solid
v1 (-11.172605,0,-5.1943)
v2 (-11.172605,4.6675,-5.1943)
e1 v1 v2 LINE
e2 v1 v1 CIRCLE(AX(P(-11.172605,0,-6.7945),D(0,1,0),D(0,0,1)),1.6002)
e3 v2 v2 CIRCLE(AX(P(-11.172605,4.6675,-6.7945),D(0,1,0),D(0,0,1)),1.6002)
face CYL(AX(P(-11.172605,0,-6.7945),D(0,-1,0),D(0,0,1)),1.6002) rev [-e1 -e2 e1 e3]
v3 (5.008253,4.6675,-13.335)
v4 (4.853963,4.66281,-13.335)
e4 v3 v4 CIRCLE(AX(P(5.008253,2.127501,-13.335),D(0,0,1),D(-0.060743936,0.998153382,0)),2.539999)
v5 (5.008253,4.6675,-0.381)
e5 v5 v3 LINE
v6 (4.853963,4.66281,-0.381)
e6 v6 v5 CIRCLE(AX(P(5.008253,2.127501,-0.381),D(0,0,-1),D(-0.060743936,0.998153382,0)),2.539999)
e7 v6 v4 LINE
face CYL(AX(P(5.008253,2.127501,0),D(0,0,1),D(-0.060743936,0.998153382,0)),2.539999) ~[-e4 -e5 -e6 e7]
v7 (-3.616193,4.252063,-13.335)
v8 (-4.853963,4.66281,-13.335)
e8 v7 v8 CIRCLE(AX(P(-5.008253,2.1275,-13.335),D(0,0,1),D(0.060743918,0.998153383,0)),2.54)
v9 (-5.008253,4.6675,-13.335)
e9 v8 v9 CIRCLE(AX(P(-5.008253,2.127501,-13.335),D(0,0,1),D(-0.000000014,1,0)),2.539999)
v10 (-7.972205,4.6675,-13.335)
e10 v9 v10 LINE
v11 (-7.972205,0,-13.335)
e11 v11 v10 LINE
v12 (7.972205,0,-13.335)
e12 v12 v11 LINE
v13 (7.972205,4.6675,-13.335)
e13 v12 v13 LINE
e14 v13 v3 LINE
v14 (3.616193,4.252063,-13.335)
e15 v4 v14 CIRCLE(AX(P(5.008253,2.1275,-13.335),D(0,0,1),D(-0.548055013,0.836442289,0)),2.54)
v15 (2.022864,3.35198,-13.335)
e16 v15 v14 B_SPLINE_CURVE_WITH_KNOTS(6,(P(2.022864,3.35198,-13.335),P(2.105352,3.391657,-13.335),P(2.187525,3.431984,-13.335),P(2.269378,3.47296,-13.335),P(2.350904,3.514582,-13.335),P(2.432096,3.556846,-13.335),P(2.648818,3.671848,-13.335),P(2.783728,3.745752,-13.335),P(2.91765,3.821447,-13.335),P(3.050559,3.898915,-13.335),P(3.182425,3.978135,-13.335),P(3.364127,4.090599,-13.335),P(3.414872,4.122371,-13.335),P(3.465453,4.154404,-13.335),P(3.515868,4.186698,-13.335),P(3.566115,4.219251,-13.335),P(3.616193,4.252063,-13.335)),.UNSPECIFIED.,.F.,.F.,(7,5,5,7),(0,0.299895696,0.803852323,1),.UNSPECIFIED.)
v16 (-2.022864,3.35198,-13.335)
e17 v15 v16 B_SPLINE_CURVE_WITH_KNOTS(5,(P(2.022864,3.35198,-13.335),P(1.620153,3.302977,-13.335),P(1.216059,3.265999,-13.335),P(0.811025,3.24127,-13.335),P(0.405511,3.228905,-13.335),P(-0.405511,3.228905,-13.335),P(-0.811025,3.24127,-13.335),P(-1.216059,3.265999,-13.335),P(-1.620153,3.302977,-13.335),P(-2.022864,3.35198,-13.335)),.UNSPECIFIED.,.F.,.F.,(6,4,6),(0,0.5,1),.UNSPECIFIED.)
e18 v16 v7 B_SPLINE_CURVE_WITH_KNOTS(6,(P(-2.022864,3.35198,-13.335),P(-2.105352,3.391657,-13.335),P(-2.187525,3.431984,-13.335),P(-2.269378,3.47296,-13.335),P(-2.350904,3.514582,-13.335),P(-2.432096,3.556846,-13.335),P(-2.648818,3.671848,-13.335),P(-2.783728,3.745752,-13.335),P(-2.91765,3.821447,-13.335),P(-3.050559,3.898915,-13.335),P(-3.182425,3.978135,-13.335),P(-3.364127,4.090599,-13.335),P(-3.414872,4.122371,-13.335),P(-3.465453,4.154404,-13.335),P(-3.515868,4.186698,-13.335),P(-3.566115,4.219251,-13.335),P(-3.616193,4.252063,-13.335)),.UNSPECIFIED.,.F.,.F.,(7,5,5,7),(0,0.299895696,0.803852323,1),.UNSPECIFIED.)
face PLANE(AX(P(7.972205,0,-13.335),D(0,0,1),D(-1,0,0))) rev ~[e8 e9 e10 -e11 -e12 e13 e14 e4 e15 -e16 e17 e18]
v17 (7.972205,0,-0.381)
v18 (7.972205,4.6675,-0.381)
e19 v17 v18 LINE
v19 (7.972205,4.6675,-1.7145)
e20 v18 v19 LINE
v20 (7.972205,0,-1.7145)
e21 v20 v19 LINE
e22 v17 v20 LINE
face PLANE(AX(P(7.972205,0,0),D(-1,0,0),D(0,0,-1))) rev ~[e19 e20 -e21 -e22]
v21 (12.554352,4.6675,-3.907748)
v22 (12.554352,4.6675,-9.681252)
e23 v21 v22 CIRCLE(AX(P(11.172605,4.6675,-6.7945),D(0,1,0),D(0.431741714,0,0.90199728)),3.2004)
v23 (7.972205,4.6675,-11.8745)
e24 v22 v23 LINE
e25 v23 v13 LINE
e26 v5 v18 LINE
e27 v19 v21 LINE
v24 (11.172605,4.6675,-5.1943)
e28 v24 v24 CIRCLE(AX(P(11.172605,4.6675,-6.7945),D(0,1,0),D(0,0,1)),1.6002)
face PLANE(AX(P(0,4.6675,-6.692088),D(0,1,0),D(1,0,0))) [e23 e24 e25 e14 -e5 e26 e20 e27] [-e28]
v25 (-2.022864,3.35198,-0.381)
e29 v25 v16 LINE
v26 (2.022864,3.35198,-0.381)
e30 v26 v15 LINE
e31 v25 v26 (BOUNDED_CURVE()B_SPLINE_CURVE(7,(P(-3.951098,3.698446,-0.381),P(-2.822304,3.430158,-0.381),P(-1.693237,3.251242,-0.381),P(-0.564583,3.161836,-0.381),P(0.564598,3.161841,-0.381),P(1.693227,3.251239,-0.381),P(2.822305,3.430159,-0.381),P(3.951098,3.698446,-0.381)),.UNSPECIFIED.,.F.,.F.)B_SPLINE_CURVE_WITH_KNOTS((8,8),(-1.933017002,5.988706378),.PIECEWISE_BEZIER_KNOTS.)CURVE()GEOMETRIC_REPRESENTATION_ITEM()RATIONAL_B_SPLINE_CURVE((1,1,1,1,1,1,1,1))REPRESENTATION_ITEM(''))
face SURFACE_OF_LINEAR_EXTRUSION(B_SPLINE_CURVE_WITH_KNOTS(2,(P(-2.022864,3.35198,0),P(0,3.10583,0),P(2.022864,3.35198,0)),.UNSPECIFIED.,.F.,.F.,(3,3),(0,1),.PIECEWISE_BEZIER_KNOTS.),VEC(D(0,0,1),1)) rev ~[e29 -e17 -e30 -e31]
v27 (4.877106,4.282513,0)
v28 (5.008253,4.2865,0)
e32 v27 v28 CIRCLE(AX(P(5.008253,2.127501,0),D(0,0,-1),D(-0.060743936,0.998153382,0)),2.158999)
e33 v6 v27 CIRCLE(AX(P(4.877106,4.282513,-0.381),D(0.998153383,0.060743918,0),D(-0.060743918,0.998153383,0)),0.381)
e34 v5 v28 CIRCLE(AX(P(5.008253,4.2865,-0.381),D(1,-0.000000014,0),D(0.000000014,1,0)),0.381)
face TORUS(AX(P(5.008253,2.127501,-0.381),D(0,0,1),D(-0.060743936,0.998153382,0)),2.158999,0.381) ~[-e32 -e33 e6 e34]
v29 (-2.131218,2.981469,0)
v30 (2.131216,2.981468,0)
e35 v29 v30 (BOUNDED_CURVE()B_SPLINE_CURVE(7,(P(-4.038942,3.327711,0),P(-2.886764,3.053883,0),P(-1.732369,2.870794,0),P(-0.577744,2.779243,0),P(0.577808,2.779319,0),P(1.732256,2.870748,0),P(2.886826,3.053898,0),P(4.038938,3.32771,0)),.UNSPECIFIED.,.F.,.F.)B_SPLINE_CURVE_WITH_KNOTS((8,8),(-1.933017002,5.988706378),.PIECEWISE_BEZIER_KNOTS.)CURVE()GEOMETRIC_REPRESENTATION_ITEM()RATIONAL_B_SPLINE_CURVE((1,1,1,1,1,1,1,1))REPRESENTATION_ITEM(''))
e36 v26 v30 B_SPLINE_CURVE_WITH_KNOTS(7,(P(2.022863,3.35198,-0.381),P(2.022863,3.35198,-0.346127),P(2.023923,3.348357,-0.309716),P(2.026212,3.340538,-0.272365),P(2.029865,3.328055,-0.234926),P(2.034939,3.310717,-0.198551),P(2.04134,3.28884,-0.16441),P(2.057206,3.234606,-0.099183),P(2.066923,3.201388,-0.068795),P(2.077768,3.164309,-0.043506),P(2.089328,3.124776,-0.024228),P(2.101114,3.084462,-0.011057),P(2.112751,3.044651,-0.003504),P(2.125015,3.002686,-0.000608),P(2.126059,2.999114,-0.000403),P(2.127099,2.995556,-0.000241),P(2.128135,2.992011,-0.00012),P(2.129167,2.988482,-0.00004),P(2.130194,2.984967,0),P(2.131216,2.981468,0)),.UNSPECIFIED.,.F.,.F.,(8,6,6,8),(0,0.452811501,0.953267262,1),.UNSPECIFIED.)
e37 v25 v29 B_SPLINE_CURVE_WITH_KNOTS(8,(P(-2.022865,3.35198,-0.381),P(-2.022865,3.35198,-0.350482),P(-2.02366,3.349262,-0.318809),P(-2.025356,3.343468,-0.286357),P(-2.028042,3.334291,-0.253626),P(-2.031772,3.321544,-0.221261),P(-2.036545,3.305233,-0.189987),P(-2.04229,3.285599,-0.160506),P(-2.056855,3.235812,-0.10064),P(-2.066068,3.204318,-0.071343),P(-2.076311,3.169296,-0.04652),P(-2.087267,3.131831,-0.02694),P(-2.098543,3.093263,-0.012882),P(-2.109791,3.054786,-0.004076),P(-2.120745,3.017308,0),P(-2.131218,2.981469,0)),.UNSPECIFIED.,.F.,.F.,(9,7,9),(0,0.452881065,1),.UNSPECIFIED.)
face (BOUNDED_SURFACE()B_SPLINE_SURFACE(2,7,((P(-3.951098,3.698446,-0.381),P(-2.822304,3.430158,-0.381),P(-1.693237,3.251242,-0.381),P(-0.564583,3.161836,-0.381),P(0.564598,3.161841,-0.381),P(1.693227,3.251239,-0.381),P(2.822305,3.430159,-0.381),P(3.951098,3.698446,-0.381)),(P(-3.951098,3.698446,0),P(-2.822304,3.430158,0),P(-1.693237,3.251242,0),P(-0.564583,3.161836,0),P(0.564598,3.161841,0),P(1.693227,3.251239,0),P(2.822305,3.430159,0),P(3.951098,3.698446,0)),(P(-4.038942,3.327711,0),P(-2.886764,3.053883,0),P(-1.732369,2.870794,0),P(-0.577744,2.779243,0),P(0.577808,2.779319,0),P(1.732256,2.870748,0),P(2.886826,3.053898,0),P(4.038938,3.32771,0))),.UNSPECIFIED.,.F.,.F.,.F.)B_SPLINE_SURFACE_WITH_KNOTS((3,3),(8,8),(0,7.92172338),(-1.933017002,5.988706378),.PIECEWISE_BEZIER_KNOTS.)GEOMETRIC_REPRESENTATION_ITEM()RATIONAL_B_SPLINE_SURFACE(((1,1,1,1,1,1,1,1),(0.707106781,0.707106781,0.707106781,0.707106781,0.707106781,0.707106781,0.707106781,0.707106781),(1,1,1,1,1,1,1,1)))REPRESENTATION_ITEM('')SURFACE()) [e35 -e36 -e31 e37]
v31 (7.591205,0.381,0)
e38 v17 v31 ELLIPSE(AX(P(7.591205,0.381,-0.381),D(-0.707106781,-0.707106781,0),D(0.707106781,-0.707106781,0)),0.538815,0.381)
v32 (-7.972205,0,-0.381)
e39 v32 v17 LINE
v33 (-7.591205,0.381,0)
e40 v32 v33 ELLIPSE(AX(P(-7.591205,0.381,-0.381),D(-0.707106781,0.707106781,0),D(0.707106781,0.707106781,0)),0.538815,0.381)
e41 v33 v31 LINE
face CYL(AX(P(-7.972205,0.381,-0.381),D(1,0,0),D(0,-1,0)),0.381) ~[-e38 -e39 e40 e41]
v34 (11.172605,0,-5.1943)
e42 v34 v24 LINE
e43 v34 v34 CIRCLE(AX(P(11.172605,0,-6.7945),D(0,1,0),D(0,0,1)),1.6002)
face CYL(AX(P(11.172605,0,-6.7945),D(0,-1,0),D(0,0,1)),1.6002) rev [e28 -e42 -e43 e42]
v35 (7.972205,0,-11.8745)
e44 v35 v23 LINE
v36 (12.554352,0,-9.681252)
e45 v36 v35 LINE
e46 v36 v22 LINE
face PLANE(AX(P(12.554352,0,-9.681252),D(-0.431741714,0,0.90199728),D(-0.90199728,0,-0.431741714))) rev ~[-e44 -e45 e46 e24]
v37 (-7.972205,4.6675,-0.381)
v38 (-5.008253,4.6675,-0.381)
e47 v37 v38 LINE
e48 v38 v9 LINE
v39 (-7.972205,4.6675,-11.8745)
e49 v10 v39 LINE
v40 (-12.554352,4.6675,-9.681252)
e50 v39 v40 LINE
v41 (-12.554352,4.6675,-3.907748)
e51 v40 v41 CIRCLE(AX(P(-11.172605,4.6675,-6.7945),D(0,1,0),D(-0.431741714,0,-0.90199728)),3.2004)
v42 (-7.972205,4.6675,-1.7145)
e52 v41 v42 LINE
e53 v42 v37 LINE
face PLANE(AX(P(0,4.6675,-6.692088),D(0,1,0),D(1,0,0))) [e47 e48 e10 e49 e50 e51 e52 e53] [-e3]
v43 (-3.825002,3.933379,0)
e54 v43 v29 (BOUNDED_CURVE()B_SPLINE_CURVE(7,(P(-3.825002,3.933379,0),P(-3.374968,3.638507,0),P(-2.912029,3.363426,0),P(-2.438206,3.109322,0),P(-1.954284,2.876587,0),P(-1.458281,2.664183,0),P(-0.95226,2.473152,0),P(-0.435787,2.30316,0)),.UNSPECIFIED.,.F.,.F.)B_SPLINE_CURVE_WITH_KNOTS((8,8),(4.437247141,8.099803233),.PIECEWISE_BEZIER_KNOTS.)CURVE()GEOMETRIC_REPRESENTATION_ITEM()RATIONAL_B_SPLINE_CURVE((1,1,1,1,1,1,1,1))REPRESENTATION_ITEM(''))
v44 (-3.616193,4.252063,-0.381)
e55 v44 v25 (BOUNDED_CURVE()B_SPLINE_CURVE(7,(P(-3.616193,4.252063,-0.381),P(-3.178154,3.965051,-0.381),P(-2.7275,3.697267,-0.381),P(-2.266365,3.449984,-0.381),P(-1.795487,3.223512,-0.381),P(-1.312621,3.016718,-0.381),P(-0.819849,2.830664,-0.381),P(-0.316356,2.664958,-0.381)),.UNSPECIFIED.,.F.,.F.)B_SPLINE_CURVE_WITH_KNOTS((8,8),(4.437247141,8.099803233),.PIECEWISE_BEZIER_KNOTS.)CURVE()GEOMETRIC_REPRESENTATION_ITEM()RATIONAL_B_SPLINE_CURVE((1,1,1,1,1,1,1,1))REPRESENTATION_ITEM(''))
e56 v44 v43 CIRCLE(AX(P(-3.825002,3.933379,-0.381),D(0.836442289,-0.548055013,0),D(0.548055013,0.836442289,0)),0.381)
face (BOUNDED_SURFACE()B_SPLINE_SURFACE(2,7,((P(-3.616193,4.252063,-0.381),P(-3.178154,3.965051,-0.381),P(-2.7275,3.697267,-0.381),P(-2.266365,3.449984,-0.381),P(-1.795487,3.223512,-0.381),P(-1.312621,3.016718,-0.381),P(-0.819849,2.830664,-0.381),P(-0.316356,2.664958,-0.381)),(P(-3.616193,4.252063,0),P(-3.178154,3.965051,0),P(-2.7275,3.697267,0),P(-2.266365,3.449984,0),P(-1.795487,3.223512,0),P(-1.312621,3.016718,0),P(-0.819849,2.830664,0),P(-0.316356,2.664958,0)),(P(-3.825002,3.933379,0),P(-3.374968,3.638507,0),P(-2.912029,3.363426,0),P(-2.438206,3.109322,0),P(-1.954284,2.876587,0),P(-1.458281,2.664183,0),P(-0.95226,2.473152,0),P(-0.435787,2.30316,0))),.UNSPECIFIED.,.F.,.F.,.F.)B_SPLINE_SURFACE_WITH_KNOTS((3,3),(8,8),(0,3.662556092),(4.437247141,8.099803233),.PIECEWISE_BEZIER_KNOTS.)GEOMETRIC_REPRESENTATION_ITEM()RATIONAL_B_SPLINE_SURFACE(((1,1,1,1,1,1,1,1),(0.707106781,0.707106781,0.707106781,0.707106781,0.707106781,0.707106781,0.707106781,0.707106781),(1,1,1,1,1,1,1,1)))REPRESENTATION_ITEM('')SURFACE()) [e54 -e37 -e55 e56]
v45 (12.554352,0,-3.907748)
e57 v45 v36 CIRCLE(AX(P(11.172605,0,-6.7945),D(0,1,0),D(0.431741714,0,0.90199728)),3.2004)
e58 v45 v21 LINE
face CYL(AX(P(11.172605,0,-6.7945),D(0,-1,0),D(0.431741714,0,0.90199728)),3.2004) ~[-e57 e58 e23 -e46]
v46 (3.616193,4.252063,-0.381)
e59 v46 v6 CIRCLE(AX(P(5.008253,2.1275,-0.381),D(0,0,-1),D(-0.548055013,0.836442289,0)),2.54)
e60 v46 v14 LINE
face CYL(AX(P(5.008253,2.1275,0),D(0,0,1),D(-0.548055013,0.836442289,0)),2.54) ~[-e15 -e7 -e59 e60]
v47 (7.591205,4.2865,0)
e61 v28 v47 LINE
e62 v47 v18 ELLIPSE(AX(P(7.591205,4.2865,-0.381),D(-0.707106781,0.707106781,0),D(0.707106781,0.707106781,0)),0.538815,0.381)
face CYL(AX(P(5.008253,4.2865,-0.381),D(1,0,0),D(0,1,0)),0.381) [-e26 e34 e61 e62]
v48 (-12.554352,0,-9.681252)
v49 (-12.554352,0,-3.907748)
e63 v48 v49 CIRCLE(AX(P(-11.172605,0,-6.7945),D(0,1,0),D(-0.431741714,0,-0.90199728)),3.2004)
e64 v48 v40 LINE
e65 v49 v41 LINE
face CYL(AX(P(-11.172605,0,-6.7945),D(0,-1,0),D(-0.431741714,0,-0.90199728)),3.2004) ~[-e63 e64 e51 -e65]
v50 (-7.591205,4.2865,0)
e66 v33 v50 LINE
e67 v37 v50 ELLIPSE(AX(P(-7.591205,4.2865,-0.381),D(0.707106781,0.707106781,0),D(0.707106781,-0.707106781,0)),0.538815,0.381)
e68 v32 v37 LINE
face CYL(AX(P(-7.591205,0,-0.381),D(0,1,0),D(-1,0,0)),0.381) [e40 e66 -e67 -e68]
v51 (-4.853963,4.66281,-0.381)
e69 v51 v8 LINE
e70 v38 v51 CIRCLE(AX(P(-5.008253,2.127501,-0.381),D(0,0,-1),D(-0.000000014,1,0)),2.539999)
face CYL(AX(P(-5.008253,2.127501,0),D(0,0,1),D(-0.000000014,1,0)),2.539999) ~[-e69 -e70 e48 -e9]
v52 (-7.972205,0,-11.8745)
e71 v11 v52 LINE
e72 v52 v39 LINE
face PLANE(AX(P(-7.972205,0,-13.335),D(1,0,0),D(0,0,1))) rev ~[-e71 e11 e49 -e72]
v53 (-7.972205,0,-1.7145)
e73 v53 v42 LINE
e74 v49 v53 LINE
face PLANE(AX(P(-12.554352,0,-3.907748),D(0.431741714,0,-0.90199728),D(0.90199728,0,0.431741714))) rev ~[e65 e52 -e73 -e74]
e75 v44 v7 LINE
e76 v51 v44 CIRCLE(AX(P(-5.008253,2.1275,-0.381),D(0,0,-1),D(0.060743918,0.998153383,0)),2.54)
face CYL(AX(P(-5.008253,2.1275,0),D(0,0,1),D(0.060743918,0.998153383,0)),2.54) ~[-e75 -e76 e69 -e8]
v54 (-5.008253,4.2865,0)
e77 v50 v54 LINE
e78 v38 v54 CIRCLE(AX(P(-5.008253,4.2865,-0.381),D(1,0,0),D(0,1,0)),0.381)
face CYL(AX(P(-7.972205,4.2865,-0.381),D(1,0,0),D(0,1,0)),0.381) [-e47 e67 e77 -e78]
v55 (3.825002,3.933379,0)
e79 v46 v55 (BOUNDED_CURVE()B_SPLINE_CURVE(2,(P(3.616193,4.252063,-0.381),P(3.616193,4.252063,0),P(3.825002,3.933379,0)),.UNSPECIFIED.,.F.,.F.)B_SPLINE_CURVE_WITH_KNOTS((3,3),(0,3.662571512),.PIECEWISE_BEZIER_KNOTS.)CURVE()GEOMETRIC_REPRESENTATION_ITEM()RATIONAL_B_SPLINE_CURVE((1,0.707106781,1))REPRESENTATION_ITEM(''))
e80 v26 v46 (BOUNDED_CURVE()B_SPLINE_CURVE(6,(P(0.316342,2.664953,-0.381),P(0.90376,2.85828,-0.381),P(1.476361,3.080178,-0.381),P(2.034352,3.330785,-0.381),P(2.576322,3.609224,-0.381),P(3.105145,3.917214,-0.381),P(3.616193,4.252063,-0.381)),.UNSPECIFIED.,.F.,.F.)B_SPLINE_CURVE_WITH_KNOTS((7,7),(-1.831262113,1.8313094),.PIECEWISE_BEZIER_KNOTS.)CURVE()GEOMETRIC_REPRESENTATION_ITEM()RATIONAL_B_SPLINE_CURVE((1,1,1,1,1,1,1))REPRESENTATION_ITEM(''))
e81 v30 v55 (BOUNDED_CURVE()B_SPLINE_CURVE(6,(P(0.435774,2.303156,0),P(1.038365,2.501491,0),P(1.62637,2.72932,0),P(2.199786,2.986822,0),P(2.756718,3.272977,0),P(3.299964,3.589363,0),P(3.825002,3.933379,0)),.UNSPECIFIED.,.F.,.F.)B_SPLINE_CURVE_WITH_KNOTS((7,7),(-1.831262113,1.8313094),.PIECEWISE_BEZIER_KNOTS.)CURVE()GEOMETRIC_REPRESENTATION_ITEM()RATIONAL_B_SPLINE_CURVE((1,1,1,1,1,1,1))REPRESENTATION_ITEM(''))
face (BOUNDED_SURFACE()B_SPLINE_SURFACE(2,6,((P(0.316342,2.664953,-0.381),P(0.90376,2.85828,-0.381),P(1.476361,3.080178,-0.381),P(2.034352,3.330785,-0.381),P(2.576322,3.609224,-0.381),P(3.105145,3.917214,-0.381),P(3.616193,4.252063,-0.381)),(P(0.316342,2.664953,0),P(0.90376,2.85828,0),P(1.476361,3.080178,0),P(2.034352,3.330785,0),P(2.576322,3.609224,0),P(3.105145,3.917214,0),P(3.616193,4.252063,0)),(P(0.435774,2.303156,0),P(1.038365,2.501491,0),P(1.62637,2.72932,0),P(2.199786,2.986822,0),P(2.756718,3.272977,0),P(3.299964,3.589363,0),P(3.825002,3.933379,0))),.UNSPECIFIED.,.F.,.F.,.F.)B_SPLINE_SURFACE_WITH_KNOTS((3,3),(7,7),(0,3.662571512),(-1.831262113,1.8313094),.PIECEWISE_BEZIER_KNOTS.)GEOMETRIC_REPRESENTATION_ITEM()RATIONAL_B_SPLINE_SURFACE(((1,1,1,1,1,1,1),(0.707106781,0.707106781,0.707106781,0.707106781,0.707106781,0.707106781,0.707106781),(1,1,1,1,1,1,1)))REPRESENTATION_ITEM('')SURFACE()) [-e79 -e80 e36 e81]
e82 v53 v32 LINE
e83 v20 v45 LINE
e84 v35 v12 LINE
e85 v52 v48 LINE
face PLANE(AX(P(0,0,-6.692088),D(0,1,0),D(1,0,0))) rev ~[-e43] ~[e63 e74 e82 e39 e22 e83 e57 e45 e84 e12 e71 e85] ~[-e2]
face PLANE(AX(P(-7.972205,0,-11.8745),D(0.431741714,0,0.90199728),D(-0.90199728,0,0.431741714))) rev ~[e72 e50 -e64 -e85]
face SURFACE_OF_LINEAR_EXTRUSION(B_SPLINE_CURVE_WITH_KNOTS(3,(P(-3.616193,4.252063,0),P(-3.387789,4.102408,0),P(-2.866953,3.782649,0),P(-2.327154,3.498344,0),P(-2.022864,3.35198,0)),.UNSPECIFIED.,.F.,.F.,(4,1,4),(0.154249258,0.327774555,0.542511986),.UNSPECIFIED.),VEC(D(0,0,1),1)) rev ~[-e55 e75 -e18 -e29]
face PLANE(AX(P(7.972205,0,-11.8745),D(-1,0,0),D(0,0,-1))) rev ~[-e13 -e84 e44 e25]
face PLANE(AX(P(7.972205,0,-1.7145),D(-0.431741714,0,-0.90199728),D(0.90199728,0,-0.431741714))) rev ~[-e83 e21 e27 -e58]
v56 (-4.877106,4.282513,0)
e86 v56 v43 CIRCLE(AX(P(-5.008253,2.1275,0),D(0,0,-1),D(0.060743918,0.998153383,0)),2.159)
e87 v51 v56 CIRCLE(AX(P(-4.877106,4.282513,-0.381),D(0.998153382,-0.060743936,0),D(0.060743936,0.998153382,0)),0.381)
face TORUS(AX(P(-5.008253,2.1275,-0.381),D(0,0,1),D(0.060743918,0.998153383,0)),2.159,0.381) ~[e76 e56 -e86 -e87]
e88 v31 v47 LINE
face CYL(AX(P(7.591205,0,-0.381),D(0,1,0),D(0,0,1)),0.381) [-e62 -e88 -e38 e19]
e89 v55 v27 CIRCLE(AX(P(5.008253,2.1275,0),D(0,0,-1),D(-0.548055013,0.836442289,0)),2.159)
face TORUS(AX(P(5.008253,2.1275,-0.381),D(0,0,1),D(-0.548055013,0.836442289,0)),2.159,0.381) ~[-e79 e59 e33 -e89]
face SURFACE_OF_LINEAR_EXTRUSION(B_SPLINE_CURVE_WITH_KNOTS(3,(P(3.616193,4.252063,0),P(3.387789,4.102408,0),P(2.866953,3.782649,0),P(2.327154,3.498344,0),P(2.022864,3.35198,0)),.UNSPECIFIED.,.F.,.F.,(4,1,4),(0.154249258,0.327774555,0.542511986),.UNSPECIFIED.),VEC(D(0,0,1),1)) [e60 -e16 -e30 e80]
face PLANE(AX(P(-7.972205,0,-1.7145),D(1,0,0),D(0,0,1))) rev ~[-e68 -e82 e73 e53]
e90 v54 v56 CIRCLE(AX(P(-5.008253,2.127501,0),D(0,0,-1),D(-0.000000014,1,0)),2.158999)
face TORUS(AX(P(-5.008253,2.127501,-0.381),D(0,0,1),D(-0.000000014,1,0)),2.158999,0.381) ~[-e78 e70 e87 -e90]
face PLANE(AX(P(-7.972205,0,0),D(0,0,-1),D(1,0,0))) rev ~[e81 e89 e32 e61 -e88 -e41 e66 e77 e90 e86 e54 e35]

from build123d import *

# Parameters (mm, degrees)
SKETCH2_R           = 1.6002
BOSS_EXTRUDE1_DEPTH = 4.667499936
CUT_EXTRUDE1_DEPTH  = 21.154182295
FILLET4_R           = 0.381


with BuildPart() as part:
    # Sketch2 → Boss-Extrude1 (new body)
    with BuildSketch(Plane(origin=(0, 0, 0), x_dir=(1, 0, 0), z_dir=(0, 1, 0))):
        with BuildLine():
            Line((-7.972205369, 13.335), (-7.972205369, 11.8745))
            Line((-7.972205369, 11.8745), (-12.55435155, 9.681252094))
            ThreePointArc((-12.55435155, 9.681252094), (-14.373005369, 6.7945), (-12.55435155, 3.907747906))
            Line((-12.55435155, 3.907747906), (-7.972205369, 1.7145))
            Line((-7.972205369, 1.7145), (-7.972205369, 0))
            Line((-7.972205369, 0), (7.972205369, 0))
            Line((7.972205369, 0), (7.972205369, 1.7145))
            Line((7.972205369, 1.7145), (12.55435155, 3.907747906))
            ThreePointArc((12.55435155, 3.907747906), (14.373005369, 6.7945), (12.55435155, 9.681252094))
            Line((12.55435155, 9.681252094), (7.972205369, 11.8745))
            Line((7.972205369, 11.8745), (7.972205369, 13.335))
            Line((7.972205369, 13.335), (-7.972205369, 13.335))
        make_face()
        with Locations(Location((-11.172605369, 6.7945, 0), (0, 0, 270))):
            Circle(SKETCH2_R, mode=Mode.SUBTRACT)
        with Locations(Location((11.172605369, 6.7945, 0), (0, 0, 270))):
            Circle(SKETCH2_R, mode=Mode.SUBTRACT)
    extrude(amount=BOSS_EXTRUDE1_DEPTH)

    # Sketch1 → Cut-Extrude1 (cut, through all)
    with BuildSketch(Plane.XY):
        with BuildLine():
            Line((-2.413, 4.667499936), (-5.008252596, 4.667499936))
            ThreePointArc((-5.008252596, 4.667499936), (-4.93107218, 4.666327064), (-4.853963042, 4.662809529))
            ThreePointArc((-4.853963042, 4.662809529), (-4.208266886, 4.53823071), (-3.616192862, 4.25206335))
            add(Edge.make_bspline(
                [(-3.616192862, 4.25206335), (-3.387788659, 4.102407993), (-2.866953164, 3.782649369), (-2.327154274, 3.498343868), (-2.022863606, 3.35198033)],
                knots=[0.154249258, 0.154249258, 0.154249258, 0.154249258, 0.327774555, 0.542511986, 0.542511986, 0.542511986, 0.542511986], degree=3))
            ThreePointArc((-2.022863606, 3.35198033), (-2.313410781, 3.981424459), (-2.413, 4.667499936))
        make_face()
        with BuildLine():
            Line((0, 4.667499936), (-2.413, 4.667499936))
            ThreePointArc((-2.413, 4.667499936), (-2.313410781, 3.981424459), (-2.022863606, 3.35198033))
            Line((-2.022863606, 3.35198033), (0, 3.35198033))
            Line((0, 3.35198033), (0, 4.667499936))
        make_face()
        with BuildLine():
            Line((2.413, 4.667499936), (0, 4.667499936))
            Line((0, 4.667499936), (0, 3.35198033))
            Line((0, 3.35198033), (2.022863606, 3.35198033))
            ThreePointArc((2.022863606, 3.35198033), (2.313410781, 3.981424459), (2.413, 4.667499936))
        make_face()
        with BuildLine():
            Line((0, 3.35198033), (-2.022863606, 3.35198033))
            add(Edge.make_bspline(
                [(-2.022863606, 3.35198033), (-1.011431803, 3.228904982), (0, 3.228904982)],
                knots=[0, 0, 0, 0.5, 0.5, 0.5], degree=2))
            Line((0, 3.228904982), (0, 3.35198033))
        make_face()
        with BuildLine():
            Line((2.022863606, 3.35198033), (0, 3.35198033))
            Line((0, 3.35198033), (0, 3.228904982))
            add(Edge.make_bspline(
                [(0, 3.228904982), (1.011431803, 3.228904982), (2.022863606, 3.35198033)],
                knots=[0.5, 0.5, 0.5, 1, 1, 1], degree=2))
        make_face()
        with BuildLine():
            Line((5.008252596, 4.667499936), (2.413, 4.667499936))
            ThreePointArc((2.413, 4.667499936), (2.313410781, 3.981424459), (2.022863606, 3.35198033))
            add(Edge.make_bspline(
                [(3.616192862, 4.25206335), (3.387788659, 4.102407993), (2.866953164, 3.782649369), (2.327154274, 3.498343868), (2.022863606, 3.35198033)],
                knots=[0.154249258, 0.154249258, 0.154249258, 0.154249258, 0.327774555, 0.542511986, 0.542511986, 0.542511986, 0.542511986], degree=3))
            ThreePointArc((3.616192862, 4.25206335), (4.208266886, 4.53823071), (4.853963042, 4.662809529))
            ThreePointArc((4.853963042, 4.662809529), (4.93107218, 4.666327064), (5.008252596, 4.667499936))
        make_face()
    extrude(amount=-CUT_EXTRUDE1_DEPTH, mode=Mode.SUBTRACT)

    # Fillet4
    fillet4_edges = [part.edges().sort_by_distance(p)[0] for p in [
        (0, 0, 0),
        (-6.490228982, 4.667499936, 0),
        (7.972205369, 2.333749968, 0),
        (-7.972205369, 2.333749968, 0),
        (6.490228982, 4.667499936, 0),
        (4.28188873, 4.561425887, 0),
        (2.834354543, 3.775775499, 0),
        (-4.28188873, 4.561425887, 0),
        (-2.834354543, 3.775775499, 0),
        (1.013295224, 3.259787298, 0),
    ]]
    fillet(fillet4_edges, radius=FILLET4_R)


solid = part.part
